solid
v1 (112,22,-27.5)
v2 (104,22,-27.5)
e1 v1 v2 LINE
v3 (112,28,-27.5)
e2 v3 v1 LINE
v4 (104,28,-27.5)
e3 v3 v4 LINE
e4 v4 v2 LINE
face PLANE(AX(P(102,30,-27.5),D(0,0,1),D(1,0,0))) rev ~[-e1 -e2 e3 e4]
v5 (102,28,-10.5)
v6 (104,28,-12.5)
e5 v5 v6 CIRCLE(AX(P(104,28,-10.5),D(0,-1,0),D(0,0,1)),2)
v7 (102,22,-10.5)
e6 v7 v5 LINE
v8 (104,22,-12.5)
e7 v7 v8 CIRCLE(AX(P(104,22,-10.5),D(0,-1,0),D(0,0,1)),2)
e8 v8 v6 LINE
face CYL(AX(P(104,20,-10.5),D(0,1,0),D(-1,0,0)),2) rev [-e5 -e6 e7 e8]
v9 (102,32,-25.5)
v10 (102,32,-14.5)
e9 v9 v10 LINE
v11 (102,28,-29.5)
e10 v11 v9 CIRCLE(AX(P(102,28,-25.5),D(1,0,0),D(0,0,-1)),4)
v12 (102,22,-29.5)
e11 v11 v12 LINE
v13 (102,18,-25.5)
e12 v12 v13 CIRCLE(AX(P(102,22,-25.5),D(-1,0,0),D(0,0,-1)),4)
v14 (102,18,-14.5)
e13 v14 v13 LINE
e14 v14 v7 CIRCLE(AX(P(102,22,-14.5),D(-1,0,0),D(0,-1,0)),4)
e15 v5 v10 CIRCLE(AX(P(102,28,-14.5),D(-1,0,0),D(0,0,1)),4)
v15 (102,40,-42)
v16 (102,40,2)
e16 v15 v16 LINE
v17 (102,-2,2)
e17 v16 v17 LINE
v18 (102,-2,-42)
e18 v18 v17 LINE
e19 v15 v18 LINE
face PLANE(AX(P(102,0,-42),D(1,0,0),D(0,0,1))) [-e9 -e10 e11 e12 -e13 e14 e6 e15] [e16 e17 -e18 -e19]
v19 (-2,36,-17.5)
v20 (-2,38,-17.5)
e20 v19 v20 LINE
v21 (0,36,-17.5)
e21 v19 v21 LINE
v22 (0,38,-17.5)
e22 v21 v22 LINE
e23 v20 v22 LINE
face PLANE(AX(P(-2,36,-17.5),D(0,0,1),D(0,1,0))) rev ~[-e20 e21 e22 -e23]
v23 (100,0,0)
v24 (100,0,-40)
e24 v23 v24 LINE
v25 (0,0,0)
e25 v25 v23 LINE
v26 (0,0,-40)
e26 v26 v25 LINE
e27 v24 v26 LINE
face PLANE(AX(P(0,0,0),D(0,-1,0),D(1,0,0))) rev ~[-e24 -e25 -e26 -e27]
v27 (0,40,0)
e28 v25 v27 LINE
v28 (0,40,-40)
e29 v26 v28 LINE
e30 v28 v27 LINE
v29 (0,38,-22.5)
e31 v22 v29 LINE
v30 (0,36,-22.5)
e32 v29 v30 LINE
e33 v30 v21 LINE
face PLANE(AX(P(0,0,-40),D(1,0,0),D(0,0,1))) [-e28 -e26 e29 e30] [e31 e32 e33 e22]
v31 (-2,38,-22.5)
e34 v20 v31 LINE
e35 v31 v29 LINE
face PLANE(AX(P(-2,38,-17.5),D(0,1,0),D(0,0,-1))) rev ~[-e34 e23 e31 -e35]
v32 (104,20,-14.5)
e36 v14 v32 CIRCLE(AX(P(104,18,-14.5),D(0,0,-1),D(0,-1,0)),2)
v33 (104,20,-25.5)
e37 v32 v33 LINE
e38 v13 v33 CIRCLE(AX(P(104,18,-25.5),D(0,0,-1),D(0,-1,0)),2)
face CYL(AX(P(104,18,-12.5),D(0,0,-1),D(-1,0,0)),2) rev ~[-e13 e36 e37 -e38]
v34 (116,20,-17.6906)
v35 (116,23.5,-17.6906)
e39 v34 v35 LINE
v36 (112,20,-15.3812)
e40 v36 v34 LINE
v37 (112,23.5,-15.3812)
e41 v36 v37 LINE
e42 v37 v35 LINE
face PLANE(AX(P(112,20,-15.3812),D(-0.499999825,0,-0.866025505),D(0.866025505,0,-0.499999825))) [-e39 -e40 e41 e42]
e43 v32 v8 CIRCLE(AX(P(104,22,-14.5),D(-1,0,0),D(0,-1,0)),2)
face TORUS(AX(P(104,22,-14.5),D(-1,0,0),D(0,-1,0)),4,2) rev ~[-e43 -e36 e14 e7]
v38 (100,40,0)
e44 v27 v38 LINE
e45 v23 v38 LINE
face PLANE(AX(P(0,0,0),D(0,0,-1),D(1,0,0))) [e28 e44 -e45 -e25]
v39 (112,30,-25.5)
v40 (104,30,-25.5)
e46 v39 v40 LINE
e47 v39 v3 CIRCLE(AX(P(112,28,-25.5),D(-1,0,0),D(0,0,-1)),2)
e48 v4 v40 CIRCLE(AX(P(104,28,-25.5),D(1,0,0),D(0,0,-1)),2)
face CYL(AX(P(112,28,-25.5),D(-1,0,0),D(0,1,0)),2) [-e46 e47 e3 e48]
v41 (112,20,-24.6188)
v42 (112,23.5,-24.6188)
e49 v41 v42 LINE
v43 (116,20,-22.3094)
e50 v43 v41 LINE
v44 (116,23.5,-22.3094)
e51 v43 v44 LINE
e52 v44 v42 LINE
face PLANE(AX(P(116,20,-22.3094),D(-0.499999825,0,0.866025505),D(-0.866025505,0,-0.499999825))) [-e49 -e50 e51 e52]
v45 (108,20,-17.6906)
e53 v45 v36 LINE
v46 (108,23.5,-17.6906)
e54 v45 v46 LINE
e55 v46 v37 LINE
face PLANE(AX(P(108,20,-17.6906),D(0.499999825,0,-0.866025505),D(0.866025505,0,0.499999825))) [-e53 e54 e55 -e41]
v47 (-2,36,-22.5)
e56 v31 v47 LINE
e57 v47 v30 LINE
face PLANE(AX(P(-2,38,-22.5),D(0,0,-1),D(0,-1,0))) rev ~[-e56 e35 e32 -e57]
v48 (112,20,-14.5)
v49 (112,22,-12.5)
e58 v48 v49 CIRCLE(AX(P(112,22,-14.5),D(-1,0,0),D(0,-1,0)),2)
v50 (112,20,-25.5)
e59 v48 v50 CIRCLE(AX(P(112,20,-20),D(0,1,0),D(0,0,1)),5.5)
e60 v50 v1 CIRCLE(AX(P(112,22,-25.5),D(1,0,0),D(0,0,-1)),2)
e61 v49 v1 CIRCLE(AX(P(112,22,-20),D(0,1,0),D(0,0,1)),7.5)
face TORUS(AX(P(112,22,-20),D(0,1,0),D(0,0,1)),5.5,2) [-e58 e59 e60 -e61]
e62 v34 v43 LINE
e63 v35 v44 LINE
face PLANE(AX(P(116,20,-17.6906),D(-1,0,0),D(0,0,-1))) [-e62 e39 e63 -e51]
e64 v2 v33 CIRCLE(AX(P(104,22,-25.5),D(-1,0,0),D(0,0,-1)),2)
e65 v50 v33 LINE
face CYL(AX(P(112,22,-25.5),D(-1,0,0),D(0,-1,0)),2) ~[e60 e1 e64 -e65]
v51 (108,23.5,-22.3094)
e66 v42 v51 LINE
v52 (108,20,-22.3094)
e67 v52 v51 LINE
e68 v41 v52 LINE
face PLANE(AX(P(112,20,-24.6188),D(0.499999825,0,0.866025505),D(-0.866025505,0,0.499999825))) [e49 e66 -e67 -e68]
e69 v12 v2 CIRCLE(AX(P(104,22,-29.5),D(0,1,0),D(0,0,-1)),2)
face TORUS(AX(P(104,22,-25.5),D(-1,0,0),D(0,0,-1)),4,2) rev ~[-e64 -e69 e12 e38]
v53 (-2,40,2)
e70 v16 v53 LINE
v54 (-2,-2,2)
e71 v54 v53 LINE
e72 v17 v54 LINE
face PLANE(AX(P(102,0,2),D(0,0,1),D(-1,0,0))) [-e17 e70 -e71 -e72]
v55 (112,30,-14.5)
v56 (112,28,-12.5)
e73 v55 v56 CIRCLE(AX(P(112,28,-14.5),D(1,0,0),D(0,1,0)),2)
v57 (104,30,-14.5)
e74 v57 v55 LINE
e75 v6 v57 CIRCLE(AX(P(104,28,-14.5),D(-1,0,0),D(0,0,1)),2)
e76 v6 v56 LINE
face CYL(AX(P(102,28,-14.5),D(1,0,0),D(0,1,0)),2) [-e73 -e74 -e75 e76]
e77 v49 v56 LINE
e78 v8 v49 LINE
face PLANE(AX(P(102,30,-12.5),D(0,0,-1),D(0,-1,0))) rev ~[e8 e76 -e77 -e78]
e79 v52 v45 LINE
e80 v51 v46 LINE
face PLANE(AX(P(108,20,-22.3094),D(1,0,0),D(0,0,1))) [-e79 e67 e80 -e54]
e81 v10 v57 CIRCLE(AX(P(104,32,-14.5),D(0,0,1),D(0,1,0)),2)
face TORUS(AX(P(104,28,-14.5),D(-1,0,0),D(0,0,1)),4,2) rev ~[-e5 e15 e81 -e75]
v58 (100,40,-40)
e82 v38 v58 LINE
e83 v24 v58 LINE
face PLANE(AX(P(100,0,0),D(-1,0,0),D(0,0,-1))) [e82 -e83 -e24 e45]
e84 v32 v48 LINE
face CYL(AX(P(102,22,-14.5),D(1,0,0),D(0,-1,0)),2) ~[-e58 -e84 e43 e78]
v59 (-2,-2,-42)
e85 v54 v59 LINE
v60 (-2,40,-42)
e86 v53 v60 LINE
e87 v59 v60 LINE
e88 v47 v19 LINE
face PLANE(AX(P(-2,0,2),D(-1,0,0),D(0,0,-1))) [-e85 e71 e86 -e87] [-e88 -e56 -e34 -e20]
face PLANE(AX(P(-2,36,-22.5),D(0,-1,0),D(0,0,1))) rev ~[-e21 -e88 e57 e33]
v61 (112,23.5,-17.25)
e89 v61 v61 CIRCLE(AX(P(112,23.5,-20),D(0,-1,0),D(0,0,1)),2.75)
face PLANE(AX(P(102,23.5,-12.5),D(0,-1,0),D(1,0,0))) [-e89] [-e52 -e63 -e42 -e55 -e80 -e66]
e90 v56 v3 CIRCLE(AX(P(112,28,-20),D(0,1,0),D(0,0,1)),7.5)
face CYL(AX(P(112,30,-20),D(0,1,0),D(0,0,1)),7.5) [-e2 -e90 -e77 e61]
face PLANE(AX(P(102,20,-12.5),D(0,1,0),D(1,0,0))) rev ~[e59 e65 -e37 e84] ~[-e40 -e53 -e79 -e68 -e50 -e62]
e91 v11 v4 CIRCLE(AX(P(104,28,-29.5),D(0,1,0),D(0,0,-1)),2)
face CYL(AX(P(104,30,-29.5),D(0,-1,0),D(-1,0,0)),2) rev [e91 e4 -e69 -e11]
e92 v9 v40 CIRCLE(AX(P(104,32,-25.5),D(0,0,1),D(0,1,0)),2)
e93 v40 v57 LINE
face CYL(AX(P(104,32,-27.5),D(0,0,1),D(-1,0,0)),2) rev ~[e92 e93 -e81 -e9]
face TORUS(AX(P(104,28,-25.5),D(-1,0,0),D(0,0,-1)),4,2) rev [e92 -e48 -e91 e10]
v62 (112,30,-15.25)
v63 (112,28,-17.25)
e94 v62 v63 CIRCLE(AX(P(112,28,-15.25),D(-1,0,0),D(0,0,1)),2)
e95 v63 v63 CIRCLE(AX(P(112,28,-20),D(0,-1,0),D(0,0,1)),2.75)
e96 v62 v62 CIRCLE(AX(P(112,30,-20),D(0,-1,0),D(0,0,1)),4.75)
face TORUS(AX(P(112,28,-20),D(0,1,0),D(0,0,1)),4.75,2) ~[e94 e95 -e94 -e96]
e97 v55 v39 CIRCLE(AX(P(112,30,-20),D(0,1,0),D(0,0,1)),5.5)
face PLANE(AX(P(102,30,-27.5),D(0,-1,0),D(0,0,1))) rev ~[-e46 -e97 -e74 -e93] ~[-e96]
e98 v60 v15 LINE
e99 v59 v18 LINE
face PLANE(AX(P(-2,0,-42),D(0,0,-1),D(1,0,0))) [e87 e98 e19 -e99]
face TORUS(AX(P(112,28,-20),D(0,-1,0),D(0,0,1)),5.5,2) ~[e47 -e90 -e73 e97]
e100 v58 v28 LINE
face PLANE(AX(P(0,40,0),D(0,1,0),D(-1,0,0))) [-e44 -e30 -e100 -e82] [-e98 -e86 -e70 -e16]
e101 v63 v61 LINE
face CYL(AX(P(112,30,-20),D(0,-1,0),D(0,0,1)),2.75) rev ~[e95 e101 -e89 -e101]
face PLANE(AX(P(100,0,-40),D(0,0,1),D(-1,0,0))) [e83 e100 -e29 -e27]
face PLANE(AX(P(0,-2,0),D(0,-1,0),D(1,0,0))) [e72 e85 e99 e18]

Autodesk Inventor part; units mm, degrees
ref_plane "YZ Plane" through (0, 0, 0) normal (1, 0, 0) x (0, 1, 0)
ref_plane "XZ Plane" through (0, 0, 0) normal (0, 1, 0) x (-1, 0, 0)
ref_plane "XY Plane" through (0, 0, 0) normal (0, 0, 1) x (1, 0, 0)
sketch "Sketch1" plane through (0, 0, 0) normal (0, 1, 0) x (-1, 0, 0)
  line L0 (0, 0) -> (-100, 0)
  line L1 (-100, 0) -> (-100, -40)
  line L2 (-100, -40) -> (0, -40)
  line L3 (0, -40) -> (0, 0)
  line L4 (2, -42) -> (-102, -42)
  line L5 (-102, -42) -> (-102, 2)
  line L6 (-102, 2) -> (2, 2)
  line L7 (2, 2) -> (2, -42)
  dimension "Length" = 100
  dimension "Width" = 40
  dimension "Thickness" = 2
extrude "Extrusion1" add sketch "Sketch1" along normal blind 40
sketch "Sketch2" plane through (0, 0, 0) normal (0, -1, 0) x (1, 0, 0)
  line L0 (102, -42) -> (102, 2) projected
  line L1 (102, 2) -> (-2, 2) projected
  line L2 (-2, -42) -> (102, -42) projected
  line L3 (-2, 2) -> (-2, -42) projected
  point P0 (0, 0)
extrude "Extrusion2" add sketch "Sketch2" along normal blind 2
sketch "Sketch3" plane through (-2, 40, -42) normal (-1, 0, 0) x (0, 0, 1)
  line L0 (0, 0) -> (44, 0) projected
  line L1 (19.5, -4) -> (24.5, -4)
  line L2 (24.5, -4) -> (24.5, -2)
  line L3 (24.5, -2) -> (19.5, -2)
  line L4 (19.5, -2) -> (19.5, -4)
  line L5 (19.5, -4) -> (24.5, -2) construction
  line L6 (24.5, -4) -> (19.5, -2) construction
  line L7 (22, -3) -> (22, 0) construction
  point P0 (42, -40)
  dimension "d7" = 5
  dimension "d8" = 2
  dimension "d9" = 2
extrude "Extrusion3" cut sketch "Sketch3" against normal up to next
sketch "Sketch4" plane through (102, 40, 2) normal (1, 0, 0) x (0, 0, -1)
  line L0 (14.5, -12) -> (29.5, -12)
  line L1 (29.5, -12) -> (29.5, -10)
  line L2 (29.5, -10) -> (14.5, -10)
  line L3 (14.5, -10) -> (14.5, -12)
  line L4 (14.5, -12) -> (29.5, -10) construction
  line L5 (29.5, -12) -> (14.5, -10) construction
  line L6 (0, 0) -> (44, 0) projected
  line L7 (22, -11) -> (22, 0) construction
  line L8 (44, 0) -> (0, 0) projected
  point P0 (2, -40)
  dimension "d12" = 10
  dimension "d13" = 15
  dimension "d14" = 2
extrude "Extrusion4" add sketch "Sketch4" along normal blind 10
sketch "Sketch5" plane through (102, 30, -12.5) normal (0, 1, 0) x (1, 0, 0)
  line L0 (0, 0) -> (0, 15) projected
  line L1 (0, 0) -> (10, 0) projected
  line L2 (10, 15) -> (10, 0) projected
  line L3 (0, 15) -> (10, 15) projected
  line L4 (10, 0) -> (10, 15) projected
  arc A0 (10, 0) -> (10, 15) centre (10, 7.5) ccw
  point P0 (-102, -12.5)
extrude "Extrusion5" add sketch "Sketch5" against normal blind 10
sketch "Sketch6" plane through (102, 30, -12.5) normal (0, 1, 0) x (1, 0, 0)
  arc A0 (10, 0) -> (10, 15) centre (10, 7.5) ccw projected
  point P0 (-102, -12.5)
hole "Hole1" at (112, 30, -20) direction (0, -1, 0) diameter 5.5 end through all clearance for "Countersunk Flat Head Screw ISO 2009/7046" size "M5" standard "ISO"
fillet "Fillet1" radius 2 11 edges at (119.5, 30, -20) (107, 30, -12.5) (107, 30, -27.5) (112, 30, -22.75) (119.5, 20, -20) (107, 20, -12.5) (107, 20, -27.5) (102, 25, -27.5) (102, 20, -20) (102, 25, -12.5) (102, 30, -20)
sketch "Sketch7" plane through (102, 20, -12.5) normal (0, -1, 0) x (1, 0, 0)
  circle A0 centre (10, -7.5) radius 2.75 projected
  circle A1 centre (10, -7.5) radius 4 construction
  line L0 (14, -9.8094) -> (10, -12.1188)
  line L1 (10, -12.1188) -> (6, -9.8094)
  line L2 (6, -9.8094) -> (6, -5.1906)
  line L3 (6, -5.1906) -> (10, -2.8812)
  line L4 (10, -2.8812) -> (14, -5.1906)
  line L5 (14, -5.1906) -> (14, -9.8094)
  point P0 (-102, 12.5)
  point P1 (14, -7.5)
  dimension "d27" = 8
extrude "Extrusion6" cut sketch "Sketch7" against normal blind 3.5
equation "\"d5\" = Thickness"
equation "\"d10\" = Thickness"
equation "\"d14\" = Thickness"
properties part number "Casing_Part1"
